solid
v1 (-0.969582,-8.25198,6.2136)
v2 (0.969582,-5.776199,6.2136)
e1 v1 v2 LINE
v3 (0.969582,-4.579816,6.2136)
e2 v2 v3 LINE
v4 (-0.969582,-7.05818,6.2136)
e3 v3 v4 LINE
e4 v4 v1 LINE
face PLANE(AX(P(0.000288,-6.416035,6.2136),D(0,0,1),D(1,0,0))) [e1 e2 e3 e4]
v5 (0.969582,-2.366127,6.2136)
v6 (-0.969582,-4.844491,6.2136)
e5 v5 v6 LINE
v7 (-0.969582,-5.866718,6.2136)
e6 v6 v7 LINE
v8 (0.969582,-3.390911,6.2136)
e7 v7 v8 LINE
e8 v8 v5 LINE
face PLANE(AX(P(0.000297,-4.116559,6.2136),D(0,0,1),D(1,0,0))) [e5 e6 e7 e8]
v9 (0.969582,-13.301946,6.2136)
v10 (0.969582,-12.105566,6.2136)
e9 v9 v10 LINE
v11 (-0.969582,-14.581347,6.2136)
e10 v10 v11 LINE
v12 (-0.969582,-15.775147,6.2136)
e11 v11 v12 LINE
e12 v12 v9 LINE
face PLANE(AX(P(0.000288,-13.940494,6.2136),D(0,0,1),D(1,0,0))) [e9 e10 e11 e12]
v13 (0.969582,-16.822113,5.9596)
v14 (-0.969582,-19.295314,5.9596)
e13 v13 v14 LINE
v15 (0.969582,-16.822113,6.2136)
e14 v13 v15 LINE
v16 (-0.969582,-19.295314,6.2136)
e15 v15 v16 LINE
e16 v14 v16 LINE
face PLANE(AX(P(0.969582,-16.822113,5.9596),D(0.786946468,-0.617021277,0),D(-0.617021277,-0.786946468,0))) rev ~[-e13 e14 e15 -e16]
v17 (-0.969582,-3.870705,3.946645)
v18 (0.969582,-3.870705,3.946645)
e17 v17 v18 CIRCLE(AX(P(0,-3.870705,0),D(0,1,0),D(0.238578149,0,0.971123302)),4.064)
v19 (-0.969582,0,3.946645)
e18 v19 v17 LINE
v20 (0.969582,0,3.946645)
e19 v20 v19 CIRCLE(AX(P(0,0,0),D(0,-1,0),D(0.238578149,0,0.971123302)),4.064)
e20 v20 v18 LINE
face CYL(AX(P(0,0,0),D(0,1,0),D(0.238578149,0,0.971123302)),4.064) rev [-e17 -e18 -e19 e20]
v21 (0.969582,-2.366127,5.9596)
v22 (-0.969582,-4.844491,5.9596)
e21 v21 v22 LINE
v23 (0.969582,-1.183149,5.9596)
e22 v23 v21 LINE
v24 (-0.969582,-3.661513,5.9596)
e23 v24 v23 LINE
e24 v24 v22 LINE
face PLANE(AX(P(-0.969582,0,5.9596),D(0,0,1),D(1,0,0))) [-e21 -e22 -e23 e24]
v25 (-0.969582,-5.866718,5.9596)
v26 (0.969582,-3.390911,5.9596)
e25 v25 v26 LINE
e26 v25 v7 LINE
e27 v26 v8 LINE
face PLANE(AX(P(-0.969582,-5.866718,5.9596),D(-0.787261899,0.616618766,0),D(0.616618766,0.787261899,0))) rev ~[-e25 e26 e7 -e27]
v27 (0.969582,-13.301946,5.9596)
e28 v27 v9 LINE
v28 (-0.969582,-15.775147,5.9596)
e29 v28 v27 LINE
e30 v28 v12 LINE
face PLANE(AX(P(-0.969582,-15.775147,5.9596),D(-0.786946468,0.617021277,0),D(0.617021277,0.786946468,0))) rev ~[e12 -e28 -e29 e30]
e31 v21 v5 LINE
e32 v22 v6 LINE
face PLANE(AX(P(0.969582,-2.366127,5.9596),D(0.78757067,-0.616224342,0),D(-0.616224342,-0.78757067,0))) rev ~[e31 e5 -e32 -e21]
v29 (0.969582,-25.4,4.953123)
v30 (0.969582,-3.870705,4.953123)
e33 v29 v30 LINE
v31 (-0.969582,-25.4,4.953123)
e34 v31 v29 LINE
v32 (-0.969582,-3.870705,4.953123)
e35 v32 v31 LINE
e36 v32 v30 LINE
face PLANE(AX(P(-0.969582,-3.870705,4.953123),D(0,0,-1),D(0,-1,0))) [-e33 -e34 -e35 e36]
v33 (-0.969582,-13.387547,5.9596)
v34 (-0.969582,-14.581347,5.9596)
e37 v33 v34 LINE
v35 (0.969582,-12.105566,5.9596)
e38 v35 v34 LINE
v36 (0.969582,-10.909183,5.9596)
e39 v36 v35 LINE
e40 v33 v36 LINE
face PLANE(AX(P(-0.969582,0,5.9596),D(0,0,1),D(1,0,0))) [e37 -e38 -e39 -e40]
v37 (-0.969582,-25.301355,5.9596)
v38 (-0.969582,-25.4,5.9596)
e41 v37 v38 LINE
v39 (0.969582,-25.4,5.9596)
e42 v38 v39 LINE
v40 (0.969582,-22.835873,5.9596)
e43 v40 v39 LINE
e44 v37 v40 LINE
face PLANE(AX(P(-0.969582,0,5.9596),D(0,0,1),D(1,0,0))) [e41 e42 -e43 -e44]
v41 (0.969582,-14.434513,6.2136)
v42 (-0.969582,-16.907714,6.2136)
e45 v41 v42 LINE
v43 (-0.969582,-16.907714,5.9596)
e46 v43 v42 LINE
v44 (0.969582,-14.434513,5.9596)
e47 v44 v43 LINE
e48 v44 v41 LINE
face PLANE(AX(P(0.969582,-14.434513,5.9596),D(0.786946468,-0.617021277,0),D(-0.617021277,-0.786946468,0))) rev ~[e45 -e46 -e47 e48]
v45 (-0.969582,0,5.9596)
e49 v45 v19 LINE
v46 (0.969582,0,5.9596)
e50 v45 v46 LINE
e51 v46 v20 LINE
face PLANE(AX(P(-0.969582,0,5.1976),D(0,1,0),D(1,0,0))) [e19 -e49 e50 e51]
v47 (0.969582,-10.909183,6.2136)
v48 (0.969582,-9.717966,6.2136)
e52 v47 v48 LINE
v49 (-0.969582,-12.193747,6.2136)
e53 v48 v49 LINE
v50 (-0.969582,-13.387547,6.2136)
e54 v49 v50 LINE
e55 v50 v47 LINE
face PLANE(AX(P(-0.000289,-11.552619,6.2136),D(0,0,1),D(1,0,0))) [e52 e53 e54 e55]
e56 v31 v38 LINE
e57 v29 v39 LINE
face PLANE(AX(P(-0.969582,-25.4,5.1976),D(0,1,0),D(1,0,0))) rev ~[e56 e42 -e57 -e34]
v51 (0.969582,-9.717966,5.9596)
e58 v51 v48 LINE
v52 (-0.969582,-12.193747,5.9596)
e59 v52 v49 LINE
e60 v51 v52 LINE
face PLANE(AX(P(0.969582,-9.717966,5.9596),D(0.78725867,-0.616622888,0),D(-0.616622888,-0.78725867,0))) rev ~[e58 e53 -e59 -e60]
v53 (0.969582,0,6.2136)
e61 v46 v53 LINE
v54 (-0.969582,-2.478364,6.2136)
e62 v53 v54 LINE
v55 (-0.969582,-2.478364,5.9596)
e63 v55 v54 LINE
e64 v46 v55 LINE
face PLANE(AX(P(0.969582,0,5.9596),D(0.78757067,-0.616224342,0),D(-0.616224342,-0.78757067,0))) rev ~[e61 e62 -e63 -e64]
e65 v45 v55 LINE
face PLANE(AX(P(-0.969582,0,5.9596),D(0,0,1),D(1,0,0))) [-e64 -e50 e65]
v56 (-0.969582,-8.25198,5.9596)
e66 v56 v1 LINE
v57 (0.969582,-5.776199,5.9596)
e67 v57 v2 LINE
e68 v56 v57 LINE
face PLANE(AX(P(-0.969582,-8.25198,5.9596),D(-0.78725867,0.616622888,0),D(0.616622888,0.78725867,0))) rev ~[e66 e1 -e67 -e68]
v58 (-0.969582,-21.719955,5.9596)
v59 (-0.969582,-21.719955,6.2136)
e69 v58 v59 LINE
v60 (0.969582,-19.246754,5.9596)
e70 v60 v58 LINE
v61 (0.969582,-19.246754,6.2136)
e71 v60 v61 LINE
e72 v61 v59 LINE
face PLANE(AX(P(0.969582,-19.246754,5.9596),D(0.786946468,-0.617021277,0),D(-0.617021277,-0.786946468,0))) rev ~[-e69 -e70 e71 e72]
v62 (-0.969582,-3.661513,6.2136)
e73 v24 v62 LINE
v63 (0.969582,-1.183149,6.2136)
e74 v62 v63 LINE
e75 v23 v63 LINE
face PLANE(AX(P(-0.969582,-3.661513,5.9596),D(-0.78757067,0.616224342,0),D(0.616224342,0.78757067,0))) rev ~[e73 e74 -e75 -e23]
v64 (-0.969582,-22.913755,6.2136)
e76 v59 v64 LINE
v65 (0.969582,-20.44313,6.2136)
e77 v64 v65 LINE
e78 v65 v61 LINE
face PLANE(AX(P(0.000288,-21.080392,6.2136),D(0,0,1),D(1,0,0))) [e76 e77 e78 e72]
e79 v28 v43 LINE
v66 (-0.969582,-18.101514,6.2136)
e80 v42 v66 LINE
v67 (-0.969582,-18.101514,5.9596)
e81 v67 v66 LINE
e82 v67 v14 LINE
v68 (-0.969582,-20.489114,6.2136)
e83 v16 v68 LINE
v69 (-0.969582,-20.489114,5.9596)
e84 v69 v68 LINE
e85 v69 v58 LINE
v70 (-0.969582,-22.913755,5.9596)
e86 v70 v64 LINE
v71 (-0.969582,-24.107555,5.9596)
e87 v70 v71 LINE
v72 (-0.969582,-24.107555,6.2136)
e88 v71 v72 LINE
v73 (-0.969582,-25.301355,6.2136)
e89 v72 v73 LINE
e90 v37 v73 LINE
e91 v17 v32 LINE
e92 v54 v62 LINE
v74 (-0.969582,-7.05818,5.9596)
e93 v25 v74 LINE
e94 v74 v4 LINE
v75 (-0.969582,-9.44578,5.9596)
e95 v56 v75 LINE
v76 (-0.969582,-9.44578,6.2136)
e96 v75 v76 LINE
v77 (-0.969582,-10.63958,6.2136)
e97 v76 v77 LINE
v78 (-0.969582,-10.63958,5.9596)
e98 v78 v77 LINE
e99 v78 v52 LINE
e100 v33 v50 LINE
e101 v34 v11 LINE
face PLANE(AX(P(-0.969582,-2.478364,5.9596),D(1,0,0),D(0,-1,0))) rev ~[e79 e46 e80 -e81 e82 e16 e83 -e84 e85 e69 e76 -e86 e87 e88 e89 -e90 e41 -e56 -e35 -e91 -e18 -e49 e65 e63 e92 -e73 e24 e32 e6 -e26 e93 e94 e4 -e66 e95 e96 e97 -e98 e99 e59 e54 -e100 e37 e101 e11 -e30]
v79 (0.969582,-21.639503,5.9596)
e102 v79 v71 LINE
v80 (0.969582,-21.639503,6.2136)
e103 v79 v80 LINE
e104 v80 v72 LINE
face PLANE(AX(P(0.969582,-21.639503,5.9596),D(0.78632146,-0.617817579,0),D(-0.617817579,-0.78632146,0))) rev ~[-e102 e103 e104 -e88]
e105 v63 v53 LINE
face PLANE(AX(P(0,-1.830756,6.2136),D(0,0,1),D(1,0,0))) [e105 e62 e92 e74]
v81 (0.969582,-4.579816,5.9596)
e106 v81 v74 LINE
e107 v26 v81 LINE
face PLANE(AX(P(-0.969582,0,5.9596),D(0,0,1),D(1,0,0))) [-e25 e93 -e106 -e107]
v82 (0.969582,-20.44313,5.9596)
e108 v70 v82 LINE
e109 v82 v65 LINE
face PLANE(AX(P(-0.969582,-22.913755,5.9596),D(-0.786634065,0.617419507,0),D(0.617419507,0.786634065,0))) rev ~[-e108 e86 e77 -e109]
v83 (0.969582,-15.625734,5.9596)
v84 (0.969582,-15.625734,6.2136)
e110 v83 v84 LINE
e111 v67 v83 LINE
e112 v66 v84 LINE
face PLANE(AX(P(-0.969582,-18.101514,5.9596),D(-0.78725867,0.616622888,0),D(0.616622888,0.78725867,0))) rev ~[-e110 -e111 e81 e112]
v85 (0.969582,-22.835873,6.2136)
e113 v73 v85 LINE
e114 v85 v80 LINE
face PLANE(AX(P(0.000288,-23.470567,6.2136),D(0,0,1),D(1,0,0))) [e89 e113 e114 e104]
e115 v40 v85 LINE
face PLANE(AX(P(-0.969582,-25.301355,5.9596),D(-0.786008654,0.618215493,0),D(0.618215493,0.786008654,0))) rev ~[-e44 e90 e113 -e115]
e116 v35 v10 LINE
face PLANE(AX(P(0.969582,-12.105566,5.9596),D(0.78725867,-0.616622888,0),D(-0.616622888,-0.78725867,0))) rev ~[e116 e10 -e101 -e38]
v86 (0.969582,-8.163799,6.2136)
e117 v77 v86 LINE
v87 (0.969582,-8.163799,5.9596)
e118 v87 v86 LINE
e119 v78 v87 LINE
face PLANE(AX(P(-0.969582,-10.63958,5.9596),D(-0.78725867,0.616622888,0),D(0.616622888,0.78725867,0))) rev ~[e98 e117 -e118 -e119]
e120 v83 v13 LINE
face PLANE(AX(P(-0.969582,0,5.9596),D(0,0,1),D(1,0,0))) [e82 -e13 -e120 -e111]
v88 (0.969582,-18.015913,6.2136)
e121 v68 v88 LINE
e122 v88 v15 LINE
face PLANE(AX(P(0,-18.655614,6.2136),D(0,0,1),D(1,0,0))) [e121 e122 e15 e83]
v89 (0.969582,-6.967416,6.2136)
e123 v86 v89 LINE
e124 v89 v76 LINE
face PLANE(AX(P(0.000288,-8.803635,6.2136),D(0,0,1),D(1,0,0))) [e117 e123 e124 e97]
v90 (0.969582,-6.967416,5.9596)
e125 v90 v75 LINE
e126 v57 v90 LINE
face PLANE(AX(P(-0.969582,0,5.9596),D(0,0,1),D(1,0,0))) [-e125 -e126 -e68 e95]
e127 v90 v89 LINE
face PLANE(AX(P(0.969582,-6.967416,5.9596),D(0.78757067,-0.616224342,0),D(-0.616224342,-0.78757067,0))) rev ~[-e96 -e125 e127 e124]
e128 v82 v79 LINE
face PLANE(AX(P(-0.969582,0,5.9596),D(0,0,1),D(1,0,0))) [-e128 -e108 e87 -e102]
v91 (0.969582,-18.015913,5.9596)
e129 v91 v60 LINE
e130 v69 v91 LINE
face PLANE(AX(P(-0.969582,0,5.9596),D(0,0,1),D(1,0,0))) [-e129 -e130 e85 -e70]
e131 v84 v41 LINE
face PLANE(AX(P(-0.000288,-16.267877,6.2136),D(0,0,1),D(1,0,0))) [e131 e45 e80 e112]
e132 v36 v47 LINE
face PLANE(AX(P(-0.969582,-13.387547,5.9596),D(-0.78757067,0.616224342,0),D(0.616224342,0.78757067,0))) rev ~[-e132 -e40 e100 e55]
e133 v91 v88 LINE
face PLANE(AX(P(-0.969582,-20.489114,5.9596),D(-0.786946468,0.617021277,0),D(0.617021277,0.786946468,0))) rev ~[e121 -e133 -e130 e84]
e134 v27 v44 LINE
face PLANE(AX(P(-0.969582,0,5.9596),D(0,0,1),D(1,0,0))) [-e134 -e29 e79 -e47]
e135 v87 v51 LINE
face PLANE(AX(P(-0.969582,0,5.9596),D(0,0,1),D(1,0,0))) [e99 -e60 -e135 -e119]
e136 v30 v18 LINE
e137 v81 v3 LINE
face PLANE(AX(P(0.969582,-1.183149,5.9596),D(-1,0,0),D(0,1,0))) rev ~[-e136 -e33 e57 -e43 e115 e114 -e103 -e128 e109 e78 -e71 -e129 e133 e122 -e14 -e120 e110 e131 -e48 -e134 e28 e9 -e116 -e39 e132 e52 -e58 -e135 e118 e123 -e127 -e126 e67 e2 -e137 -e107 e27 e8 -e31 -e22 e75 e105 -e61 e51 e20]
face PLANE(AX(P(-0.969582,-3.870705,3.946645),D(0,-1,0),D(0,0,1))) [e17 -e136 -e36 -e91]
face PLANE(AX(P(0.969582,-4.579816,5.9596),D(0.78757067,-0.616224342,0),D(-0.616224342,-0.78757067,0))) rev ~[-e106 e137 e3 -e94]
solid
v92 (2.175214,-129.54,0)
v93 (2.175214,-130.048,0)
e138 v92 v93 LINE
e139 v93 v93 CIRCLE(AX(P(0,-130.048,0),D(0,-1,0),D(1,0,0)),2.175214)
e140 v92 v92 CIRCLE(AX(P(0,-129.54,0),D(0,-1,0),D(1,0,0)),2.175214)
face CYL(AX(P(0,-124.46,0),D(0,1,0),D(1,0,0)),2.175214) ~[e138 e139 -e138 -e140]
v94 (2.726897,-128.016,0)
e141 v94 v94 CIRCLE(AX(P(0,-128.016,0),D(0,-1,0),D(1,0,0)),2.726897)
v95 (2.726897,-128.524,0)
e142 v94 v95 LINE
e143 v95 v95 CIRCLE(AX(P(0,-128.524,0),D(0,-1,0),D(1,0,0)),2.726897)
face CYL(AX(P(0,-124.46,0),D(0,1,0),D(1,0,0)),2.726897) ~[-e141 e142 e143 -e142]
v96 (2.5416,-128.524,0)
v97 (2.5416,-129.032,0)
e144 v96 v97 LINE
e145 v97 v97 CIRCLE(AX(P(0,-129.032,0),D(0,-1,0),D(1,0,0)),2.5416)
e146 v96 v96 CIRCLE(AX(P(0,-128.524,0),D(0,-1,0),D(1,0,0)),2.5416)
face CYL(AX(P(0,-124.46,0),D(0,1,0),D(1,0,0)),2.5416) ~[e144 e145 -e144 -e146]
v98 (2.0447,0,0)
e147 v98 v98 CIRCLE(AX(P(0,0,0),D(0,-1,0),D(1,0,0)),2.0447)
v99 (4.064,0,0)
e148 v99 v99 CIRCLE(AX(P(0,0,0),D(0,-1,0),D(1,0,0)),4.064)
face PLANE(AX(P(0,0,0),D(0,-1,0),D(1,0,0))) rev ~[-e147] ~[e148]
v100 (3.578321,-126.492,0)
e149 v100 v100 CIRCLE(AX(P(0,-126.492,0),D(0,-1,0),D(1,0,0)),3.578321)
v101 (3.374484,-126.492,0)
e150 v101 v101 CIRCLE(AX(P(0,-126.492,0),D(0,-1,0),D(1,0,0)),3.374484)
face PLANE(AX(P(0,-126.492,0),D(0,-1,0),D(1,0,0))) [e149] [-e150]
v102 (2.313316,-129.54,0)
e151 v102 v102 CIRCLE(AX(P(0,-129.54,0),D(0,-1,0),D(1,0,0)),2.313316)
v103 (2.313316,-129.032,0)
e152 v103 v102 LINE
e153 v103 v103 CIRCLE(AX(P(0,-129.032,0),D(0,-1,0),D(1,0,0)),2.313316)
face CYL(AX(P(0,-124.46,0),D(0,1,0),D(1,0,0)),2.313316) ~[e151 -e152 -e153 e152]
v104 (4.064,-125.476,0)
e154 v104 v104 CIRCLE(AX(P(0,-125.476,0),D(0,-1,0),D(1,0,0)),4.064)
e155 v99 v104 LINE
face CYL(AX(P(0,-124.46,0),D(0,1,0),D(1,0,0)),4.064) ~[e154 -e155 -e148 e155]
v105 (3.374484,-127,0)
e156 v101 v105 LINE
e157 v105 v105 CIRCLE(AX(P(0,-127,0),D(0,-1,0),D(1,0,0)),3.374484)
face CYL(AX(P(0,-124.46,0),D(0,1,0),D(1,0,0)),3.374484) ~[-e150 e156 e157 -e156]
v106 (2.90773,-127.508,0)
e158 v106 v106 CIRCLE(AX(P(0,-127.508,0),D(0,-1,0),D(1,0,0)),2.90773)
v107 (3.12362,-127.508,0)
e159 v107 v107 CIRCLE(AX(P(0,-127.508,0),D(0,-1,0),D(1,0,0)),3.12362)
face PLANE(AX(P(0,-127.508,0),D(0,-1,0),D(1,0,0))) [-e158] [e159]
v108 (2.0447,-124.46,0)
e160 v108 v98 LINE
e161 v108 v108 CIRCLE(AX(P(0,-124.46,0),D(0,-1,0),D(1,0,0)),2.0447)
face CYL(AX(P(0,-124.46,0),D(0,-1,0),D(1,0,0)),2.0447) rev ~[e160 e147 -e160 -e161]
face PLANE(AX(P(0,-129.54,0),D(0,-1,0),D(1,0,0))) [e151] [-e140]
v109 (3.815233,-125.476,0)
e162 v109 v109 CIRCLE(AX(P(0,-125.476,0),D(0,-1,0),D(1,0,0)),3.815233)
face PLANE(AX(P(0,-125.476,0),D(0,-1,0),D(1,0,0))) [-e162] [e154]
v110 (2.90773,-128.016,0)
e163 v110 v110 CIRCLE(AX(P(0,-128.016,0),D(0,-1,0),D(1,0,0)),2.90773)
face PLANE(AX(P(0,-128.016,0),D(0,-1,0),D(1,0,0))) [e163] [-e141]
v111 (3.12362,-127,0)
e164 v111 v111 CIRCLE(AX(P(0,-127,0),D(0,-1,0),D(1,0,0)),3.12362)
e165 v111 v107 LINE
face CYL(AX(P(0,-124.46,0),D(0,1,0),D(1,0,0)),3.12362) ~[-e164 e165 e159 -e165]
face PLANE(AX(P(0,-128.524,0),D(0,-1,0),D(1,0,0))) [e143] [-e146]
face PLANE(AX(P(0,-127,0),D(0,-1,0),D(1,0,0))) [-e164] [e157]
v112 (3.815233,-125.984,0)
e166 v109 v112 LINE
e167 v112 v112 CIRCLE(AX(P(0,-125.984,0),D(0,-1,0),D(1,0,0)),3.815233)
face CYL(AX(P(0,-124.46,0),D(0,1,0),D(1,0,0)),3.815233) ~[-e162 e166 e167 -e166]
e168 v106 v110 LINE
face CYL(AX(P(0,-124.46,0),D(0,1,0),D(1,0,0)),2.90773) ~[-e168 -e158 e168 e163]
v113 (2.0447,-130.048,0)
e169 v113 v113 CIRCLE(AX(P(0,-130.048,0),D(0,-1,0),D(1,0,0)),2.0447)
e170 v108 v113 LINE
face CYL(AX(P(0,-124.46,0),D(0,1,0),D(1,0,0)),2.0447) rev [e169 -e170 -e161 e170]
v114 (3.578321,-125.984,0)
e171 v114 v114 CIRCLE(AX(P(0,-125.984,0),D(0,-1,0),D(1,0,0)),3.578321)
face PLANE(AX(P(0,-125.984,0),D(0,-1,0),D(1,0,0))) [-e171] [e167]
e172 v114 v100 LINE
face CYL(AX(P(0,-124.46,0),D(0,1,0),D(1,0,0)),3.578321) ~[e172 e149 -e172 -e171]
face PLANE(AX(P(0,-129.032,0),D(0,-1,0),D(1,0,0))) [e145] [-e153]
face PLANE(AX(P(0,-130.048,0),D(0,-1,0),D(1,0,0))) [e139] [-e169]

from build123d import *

# Parameters (mm, degrees)
F0_R      = 4.064
F1_DEPTH  = 124.46
F2_R      = 2.0447
F3_DEPTH  = 124.461
F4_R      = 4.064
F4_R_2    = 3.8152332724
F5_DEPTH  = 1.016
F4_R_3    = 3.5783205967
F6_DEPTH  = 1.524
F4_R_4    = 3.374484348
F7_DEPTH  = 2.032
F4_R_5    = 3.1236204278
F8_DEPTH  = 2.54
F4_R_6    = 2.9077299751
F9_DEPTH  = 3.048
F4_R_7    = 2.7268965776
F10_DEPTH = 3.556
F4_R_8    = 2.5416004055
F11_DEPTH = 4.064
F4_R_9    = 2.3133155835
F12_DEPTH = 4.572
F4_R_10   = 2.1752144811
F13_DEPTH = 5.08
F14_DEPTH = 5.588
F16_DEPTH = 25.4
F17_DEPTH = 0.762
F18_W     = 21.5292948574
F18_H     = 1.006477682
F19_DEPTH = 25.4
F21_DEPTH = 0.254


with BuildPart() as f1:
    # F0 (on Front) → F1 (new body)
    with BuildSketch(Plane.XZ):
        Circle(F0_R)
    extrude(amount=F1_DEPTH)

    # F2 (on face) → F3 (cut, through all)
    with BuildSketch(Plane.XZ.offset(124.46)):
        Circle(F2_R)
    extrude(amount=-F3_DEPTH, mode=Mode.SUBTRACT)

    # F4 (on face) → F5 (join)
    with BuildSketch(Plane.XZ.offset(124.46)):
        Circle(F4_R)
        Circle(F4_R_2, mode=Mode.SUBTRACT)
    extrude(amount=F5_DEPTH)

    # F4 (on face) → F6 (join)
    with BuildSketch(Plane.XZ.offset(124.46)):
        Circle(F4_R_2)
        Circle(F4_R_3, mode=Mode.SUBTRACT)
    extrude(amount=F6_DEPTH)

    # F4 (on face) → F7 (join)
    with BuildSketch(Plane.XZ.offset(124.46)):
        Circle(F4_R_3)
        Circle(F4_R_4, mode=Mode.SUBTRACT)
    extrude(amount=F7_DEPTH)

    # F4 (on face) → F8 (join)
    with BuildSketch(Plane.XZ.offset(124.46)):
        Circle(F4_R_4)
        Circle(F4_R_5, mode=Mode.SUBTRACT)
    extrude(amount=F8_DEPTH)

    # F4 (on face) → F9 (join)
    with BuildSketch(Plane.XZ.offset(124.46)):
        Circle(F4_R_5)
        Circle(F4_R_6, mode=Mode.SUBTRACT)
    extrude(amount=F9_DEPTH)

    # F4 (on face) → F10 (join)
    with BuildSketch(Plane.XZ.offset(124.46)):
        Circle(F4_R_6)
        Circle(F4_R_7, mode=Mode.SUBTRACT)
    extrude(amount=F10_DEPTH)

    # F4 (on face) → F11 (join)
    with BuildSketch(Plane.XZ.offset(124.46)):
        Circle(F4_R_7)
        Circle(F4_R_8, mode=Mode.SUBTRACT)
    extrude(amount=F11_DEPTH)

    # F4 (on face) → F12 (join)
    with BuildSketch(Plane.XZ.offset(124.46)):
        Circle(F4_R_8)
        Circle(F4_R_9, mode=Mode.SUBTRACT)
    extrude(amount=F12_DEPTH)

    # F4 (on face) → F13 (join)
    with BuildSketch(Plane.XZ.offset(124.46)):
        Circle(F4_R_9)
        Circle(F4_R_10, mode=Mode.SUBTRACT)
    extrude(amount=F13_DEPTH)

    # F14 (add): a face of the model
    f14_faces = [f1.faces().sort_by_distance(p)[0] for p in [
        (-2.1136901247, -124.46, 0),
    ]]
    extrude(f14_faces, amount=F14_DEPTH)


with BuildPart() as f16:
    # F15 (on face) → F16 (new body)
    with BuildSketch(Plane(origin=(0, 0, 0), x_dir=(-1, 0, 0), z_dir=(0, 1, 0))):
        with BuildLine():
            Line((0.969581597, 3.9466450976), (0.969581597, 5.1976004615))
            Line((0.969581597, 5.1976004615), (-0.969581597, 5.1976004615))
            Line((-0.969581597, 5.1976004615), (-0.969581597, 3.9466450976))
            ThreePointArc((-0.969581597, 3.9466450976), (0, 4.064), (0.969581597, 3.9466450976))
        make_face()
    extrude(amount=-F16_DEPTH)

    # F17 (add): a face of the model
    f17_faces = [f16.faces().sort_by_distance(p)[0] for p in [
        (0, -12.7, 5.1976004615),
    ]]
    extrude(f17_faces, amount=F17_DEPTH)

    # F18 (on face) → F19 (cut)
    with BuildSketch(Plane(origin=(-0.969581597, 0, 0), x_dir=(0, -1, 0), z_dir=(-1, 0, 0))):
        with Locations((14.6353525713, 4.4498839386)):
            Rectangle(F18_W, F18_H)
    extrude(amount=-F19_DEPTH, mode=Mode.SUBTRACT)

    # F20 (on face) → F21 (join)
    with BuildSketch(Plane.XY.offset(5.9596004615)):
        Polygon((0.969581597, -1.1831490597), (0.969581597, 0), (-0.969581597, -2.478363727), (-0.969581597, -3.6615127867), align=None)
        Polygon((0.969581597, -3.3909106419), (0.969581597, -2.3661273203), (-0.969581597, -4.8444910473), (-0.969581597, -5.8667180324), align=None)
        Polygon((0.969581597, -5.7761992704), (0.969581597, -4.5798162299), (-0.969581597, -7.0581799569), (-0.969581597, -8.2519799569), align=None)
        Polygon((0.969581597, -8.1637992704), (0.969581597, -6.9674162299), (-0.969581597, -9.4457799569), (-0.969581597, -10.6395799569), align=None)
        Polygon((0.969581597, -10.9091831476), (0.969581597, -9.7179661881), (-0.969581597, -12.1937468746), (-0.969581597, -13.3875468746), align=None)
        Polygon((0.969581597, -13.3019458924), (0.969581597, -12.1055661881), (-0.969581597, -14.5813468746), (-0.969581597, -15.7751468746), align=None)
        Polygon((0.969581597, -15.6257336208), (0.969581597, -14.4345133251), (-0.969581597, -16.9077143073), (-0.969581597, -18.1015143073), align=None)
        Polygon((0.969581597, -18.0159133251), (0.969581597, -16.8221133251), (-0.969581597, -19.2953143073), (-0.969581597, -20.4891143073), align=None)
        Polygon((0.969581597, -20.4431303015), (0.969581597, -19.2467539257), (-0.969581597, -21.7199549079), (-0.969581597, -22.9137549079), align=None)
        Polygon((0.969581597, -22.8358730989), (0.969581597, -21.6395033567), (-0.969581597, -24.1075549079), (-0.969581597, -25.3013549079), align=None)
    extrude(amount=F21_DEPTH)


solid = Compound([f1.part, f16.part])
